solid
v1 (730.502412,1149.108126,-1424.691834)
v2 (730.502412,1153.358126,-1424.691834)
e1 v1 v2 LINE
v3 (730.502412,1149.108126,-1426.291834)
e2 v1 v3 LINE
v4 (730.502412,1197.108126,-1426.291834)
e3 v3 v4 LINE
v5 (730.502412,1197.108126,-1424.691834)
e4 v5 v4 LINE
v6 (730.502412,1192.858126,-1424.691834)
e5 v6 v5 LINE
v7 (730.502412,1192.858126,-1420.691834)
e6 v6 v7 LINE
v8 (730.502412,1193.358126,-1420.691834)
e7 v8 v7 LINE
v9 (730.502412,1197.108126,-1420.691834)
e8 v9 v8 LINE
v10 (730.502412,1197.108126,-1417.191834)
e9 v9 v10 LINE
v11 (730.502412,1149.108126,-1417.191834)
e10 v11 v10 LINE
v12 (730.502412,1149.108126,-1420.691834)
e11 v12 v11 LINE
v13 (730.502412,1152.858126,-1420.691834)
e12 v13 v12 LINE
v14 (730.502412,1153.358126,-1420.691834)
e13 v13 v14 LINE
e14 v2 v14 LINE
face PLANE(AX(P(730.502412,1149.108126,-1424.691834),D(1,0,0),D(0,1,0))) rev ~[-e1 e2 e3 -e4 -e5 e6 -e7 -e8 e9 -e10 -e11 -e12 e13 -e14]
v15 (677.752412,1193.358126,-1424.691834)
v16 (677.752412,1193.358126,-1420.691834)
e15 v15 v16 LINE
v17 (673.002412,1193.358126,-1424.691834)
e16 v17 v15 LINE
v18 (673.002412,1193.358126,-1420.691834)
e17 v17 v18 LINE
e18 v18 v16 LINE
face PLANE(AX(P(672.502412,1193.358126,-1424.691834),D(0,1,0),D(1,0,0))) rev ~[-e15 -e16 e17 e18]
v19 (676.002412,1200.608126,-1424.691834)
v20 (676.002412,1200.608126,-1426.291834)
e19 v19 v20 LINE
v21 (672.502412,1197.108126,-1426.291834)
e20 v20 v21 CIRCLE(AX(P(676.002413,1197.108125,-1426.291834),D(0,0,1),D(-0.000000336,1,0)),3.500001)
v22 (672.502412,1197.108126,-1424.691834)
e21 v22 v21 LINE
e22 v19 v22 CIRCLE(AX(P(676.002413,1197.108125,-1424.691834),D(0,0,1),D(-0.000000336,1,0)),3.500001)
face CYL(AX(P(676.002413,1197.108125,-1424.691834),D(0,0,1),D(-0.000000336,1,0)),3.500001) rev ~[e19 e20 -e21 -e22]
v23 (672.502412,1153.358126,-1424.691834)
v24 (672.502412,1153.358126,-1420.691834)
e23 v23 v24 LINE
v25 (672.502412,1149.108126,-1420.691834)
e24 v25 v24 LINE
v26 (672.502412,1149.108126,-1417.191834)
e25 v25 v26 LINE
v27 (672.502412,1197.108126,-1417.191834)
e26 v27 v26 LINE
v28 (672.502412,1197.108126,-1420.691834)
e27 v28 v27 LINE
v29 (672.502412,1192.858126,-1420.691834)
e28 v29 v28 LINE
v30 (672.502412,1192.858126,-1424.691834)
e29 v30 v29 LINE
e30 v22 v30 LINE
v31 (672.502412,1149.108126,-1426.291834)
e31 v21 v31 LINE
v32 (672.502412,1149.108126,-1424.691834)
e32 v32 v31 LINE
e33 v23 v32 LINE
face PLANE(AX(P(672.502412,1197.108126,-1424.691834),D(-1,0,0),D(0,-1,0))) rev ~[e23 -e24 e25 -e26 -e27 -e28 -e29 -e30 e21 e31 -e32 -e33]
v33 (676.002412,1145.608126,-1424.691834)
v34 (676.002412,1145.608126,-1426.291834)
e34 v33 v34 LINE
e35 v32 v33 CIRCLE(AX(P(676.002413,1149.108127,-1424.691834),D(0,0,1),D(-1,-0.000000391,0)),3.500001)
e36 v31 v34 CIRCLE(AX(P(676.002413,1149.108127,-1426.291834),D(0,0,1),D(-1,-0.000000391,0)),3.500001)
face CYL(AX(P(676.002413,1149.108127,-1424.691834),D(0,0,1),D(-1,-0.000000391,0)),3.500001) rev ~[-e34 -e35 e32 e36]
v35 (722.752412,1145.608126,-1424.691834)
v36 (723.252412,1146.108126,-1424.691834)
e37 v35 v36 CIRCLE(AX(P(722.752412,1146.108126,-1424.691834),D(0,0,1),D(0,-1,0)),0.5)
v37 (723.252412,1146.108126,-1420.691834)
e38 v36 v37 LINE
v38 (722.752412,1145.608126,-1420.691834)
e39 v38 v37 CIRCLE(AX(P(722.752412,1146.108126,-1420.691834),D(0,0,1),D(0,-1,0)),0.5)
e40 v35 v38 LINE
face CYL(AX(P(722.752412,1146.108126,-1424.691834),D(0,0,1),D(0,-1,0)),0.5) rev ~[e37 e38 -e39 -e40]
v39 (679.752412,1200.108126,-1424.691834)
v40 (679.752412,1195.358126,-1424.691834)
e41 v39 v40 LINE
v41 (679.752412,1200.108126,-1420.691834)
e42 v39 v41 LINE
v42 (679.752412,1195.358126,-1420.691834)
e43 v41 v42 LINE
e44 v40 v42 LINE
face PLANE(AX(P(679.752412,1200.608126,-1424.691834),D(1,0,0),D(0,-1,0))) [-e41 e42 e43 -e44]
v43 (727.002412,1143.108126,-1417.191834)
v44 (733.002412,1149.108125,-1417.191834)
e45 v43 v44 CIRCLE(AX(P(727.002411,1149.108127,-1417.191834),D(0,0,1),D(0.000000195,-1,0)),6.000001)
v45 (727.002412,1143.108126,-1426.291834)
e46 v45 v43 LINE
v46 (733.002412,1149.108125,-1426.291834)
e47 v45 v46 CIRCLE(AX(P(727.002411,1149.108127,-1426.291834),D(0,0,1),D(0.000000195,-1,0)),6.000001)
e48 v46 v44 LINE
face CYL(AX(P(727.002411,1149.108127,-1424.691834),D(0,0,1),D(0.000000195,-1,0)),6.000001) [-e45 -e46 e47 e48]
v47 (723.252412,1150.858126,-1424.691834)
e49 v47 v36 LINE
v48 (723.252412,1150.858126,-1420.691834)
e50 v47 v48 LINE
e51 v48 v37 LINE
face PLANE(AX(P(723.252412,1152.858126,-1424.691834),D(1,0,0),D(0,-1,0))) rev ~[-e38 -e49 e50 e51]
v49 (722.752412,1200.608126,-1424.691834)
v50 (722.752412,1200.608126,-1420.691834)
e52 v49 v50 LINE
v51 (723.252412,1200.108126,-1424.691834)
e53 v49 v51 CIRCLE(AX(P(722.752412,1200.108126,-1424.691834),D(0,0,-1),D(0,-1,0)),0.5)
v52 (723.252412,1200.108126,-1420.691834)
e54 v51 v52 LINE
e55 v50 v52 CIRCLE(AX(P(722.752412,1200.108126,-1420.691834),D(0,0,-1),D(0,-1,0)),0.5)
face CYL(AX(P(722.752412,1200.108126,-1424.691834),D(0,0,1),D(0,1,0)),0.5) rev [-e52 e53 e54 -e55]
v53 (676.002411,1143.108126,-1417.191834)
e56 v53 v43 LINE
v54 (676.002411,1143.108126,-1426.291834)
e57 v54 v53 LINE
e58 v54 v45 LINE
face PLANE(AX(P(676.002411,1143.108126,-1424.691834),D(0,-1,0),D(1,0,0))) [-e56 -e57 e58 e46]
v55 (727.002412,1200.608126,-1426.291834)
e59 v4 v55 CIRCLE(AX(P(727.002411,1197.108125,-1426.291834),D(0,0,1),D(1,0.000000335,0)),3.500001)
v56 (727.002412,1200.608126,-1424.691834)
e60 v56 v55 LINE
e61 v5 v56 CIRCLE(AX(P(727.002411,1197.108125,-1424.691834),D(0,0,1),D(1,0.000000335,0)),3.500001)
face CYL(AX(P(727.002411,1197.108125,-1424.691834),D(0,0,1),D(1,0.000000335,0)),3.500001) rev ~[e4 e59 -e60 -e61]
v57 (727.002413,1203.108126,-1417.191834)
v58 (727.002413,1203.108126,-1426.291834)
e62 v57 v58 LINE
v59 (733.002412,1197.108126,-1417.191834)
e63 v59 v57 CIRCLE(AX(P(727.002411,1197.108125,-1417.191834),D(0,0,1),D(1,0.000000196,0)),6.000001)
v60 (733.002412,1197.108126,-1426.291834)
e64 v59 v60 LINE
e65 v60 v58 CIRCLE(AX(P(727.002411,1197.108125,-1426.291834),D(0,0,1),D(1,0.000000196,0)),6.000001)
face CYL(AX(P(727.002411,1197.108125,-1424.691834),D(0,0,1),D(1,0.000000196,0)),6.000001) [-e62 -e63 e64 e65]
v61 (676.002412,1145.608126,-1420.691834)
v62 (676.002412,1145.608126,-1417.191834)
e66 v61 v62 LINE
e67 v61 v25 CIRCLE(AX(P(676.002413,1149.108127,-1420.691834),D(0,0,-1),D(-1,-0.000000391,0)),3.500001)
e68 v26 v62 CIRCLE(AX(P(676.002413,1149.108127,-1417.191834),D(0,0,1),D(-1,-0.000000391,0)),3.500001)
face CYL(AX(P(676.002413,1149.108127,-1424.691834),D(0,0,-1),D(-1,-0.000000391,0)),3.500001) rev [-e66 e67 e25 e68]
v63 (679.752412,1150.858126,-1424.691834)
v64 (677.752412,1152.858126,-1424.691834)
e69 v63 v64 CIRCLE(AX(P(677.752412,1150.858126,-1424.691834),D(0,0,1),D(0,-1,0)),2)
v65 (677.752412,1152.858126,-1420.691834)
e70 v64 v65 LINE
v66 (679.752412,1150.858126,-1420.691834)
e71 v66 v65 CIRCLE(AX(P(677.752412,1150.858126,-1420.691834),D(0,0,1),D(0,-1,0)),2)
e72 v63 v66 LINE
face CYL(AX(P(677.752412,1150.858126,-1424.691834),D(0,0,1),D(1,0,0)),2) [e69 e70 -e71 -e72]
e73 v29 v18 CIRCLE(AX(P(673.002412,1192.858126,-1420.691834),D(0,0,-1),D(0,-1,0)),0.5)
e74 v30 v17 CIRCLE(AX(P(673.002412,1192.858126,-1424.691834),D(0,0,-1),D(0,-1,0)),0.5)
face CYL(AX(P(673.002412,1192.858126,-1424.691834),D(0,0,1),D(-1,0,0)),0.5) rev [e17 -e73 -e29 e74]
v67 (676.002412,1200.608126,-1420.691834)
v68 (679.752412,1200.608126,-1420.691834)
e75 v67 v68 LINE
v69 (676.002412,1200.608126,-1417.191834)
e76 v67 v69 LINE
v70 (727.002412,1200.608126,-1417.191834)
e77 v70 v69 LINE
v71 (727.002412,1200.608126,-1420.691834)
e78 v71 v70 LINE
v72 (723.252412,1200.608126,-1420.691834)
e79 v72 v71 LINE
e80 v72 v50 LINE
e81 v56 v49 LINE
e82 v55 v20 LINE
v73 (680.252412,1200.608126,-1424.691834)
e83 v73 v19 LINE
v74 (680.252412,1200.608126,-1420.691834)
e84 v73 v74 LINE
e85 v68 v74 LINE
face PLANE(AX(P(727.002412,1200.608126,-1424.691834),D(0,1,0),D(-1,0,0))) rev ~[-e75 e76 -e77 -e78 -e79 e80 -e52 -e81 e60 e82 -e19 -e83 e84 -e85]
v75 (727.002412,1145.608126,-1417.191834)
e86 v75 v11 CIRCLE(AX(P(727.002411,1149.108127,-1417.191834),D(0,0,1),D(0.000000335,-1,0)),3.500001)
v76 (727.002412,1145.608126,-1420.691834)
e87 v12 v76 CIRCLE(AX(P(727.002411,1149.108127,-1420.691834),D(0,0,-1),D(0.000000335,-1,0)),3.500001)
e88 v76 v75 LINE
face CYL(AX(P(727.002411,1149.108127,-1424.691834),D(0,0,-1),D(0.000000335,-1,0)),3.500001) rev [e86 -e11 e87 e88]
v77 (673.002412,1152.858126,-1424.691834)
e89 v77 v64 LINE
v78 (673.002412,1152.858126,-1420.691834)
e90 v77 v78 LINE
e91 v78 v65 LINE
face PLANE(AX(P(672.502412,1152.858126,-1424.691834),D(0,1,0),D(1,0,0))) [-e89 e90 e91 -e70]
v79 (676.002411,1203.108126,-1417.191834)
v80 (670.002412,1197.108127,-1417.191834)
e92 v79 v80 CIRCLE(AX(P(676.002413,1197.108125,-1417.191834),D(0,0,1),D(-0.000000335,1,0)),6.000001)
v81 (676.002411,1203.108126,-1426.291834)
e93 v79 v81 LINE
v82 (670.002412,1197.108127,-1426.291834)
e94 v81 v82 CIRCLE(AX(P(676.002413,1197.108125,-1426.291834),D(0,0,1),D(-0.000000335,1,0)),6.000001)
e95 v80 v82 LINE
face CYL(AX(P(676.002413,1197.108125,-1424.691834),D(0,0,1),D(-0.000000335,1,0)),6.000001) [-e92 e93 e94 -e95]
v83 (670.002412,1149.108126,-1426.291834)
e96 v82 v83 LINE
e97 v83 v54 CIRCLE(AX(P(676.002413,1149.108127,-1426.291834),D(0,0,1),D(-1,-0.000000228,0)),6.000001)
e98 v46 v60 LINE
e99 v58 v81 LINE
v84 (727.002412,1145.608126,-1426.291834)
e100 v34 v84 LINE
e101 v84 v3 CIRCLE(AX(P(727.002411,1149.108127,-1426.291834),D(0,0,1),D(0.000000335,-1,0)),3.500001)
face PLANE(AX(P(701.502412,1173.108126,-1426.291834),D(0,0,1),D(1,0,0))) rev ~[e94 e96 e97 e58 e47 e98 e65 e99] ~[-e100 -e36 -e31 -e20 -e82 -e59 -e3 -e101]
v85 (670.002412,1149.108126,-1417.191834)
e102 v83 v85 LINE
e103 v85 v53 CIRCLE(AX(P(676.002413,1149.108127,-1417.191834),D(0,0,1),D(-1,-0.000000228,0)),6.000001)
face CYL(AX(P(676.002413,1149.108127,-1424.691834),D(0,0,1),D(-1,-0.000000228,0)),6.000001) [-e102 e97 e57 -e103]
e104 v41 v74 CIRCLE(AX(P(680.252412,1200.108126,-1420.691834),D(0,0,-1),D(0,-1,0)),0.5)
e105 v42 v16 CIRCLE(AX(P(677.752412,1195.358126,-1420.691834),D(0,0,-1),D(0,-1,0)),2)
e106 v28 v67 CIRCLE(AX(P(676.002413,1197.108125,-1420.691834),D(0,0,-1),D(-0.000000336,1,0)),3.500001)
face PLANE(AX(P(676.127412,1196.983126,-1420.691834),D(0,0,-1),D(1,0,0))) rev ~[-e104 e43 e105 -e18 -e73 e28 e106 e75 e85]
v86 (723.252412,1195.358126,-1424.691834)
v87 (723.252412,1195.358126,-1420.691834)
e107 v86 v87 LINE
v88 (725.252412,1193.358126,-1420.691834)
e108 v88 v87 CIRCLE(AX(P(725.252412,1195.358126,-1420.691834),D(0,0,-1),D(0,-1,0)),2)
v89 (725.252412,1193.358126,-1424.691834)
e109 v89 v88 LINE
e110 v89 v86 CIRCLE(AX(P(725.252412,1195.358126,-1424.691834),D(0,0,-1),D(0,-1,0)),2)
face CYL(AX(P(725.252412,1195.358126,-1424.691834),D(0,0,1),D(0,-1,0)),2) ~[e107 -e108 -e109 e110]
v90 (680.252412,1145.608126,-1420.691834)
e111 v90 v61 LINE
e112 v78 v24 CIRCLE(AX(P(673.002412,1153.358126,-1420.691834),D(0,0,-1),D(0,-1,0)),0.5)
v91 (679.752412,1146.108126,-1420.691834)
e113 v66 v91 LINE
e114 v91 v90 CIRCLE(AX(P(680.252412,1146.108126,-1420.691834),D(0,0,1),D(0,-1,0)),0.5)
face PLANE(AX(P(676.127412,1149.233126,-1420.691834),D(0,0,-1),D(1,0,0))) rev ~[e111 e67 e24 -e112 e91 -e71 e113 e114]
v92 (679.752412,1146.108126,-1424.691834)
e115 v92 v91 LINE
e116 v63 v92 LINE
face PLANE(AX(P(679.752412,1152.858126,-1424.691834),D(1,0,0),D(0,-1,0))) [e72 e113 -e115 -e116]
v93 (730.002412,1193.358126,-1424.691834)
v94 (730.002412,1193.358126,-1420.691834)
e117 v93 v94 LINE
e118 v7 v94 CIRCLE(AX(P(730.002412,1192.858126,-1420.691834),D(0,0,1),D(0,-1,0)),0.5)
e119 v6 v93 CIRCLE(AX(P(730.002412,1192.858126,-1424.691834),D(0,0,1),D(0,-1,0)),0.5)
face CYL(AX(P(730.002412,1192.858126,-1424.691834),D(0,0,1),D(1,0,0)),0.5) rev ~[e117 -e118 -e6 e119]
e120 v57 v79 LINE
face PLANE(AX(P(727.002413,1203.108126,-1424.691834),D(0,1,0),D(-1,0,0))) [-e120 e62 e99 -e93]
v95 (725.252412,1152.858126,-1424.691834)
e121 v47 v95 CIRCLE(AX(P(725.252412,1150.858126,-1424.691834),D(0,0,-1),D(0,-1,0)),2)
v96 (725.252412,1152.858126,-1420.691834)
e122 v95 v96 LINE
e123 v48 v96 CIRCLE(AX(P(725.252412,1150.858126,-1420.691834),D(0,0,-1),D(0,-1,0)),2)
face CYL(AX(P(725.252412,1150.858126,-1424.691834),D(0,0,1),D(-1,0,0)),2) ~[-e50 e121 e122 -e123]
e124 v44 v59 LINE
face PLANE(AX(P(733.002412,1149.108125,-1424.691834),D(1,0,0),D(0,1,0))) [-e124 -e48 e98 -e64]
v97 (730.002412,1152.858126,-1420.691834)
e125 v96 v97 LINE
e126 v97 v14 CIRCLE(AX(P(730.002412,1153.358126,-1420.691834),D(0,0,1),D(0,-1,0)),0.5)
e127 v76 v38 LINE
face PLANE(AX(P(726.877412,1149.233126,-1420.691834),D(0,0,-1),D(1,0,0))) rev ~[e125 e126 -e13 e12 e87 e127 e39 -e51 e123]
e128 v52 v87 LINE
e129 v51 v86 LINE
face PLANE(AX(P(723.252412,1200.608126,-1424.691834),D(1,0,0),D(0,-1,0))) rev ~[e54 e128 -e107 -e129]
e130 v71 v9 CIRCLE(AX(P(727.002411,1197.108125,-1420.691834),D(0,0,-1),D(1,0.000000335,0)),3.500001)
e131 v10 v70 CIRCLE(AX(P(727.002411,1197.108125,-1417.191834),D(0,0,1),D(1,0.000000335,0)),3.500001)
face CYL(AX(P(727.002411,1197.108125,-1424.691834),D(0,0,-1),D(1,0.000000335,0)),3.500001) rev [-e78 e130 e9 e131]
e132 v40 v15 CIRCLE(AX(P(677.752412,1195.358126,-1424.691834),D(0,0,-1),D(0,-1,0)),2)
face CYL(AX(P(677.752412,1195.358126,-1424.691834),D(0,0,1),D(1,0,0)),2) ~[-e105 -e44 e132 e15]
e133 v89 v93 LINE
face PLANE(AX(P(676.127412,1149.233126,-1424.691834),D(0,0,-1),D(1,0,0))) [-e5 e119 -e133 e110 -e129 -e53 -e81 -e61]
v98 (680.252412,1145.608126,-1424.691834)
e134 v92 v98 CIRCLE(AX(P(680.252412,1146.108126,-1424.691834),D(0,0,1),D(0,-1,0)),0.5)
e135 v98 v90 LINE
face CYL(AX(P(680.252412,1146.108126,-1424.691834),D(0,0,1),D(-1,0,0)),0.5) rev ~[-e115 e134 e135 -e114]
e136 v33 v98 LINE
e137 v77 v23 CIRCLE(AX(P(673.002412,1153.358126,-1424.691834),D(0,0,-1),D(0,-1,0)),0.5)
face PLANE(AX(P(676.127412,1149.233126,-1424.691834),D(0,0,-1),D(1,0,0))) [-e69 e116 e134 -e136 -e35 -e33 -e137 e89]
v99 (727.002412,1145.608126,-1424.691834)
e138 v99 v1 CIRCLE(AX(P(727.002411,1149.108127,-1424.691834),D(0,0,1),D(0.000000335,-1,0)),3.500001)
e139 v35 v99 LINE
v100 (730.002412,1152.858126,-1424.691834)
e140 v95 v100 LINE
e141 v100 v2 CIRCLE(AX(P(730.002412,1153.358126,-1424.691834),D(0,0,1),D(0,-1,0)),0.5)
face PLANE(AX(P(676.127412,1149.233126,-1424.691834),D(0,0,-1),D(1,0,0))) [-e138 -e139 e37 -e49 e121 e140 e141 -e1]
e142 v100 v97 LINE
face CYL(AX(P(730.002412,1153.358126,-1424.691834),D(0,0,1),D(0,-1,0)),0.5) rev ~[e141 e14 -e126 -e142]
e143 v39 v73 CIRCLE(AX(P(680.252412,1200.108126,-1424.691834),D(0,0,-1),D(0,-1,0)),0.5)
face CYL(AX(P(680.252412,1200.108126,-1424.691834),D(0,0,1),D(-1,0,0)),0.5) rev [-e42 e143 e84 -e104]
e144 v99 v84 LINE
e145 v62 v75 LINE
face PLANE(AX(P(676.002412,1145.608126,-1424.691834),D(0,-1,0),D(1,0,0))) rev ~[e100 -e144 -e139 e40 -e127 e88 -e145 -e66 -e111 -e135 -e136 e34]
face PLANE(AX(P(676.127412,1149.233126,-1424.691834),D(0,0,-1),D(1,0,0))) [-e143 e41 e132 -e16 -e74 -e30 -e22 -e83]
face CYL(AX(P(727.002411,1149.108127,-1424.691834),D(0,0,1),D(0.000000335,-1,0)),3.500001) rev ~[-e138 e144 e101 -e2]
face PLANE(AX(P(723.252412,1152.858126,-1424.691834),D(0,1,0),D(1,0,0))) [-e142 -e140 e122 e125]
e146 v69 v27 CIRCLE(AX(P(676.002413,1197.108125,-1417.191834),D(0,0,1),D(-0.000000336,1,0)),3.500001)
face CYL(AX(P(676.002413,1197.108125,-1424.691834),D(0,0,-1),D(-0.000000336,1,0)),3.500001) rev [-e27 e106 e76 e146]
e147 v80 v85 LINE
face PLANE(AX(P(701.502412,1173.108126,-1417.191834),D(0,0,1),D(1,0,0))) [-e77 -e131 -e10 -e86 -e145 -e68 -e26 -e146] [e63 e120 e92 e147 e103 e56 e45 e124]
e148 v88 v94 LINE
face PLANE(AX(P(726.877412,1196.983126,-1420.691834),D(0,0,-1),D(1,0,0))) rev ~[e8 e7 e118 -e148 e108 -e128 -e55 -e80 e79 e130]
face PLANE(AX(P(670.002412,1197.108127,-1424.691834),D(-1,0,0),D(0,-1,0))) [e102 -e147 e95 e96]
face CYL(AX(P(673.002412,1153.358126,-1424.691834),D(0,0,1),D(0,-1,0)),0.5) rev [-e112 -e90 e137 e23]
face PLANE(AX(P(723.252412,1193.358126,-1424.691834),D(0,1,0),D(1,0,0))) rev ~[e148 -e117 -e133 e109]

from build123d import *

# Parameters (mm, degrees)
BOSS_EXTRU_1_DEPTH = 7.5
ESQUISSE2_W        = 7.25
ESQUISSE2_H        = 7.25
BOSS_EXTRU_2_DEPTH = 4
CONG_1_R           = 2
CONG_2_R           = 0.5
BOSS_EXTRU_3_START = -1.6
BOSS_EXTRU_3_DEPTH = 1.6


with BuildPart() as part:
    # Esquisse1 → Boss.-Extru.1 (new body)
    with BuildSketch(Plane.XY.offset(-1424.691834437)):
        with BuildLine():
            Line((670.002412047, 1197.108127391), (670.002412047, 1149.108126022))
            ThreePointArc((670.002412047, 1149.108126022), (671.759771358, 1144.86548622), (676.002410874, 1143.108126218))
            Line((676.002410874, 1143.108126218), (727.002412047, 1143.108126218))
            ThreePointArc((727.002412047, 1143.108126218), (731.245051976, 1144.865485459), (733.002412047, 1149.108125045))
            Line((733.002412047, 1149.108125045), (733.002412047, 1197.108126218))
            ThreePointArc((733.002412047, 1197.108126218), (731.245052806, 1201.350766146), (727.00241322, 1203.108126218))
            Line((727.00241322, 1203.108126218), (676.00241121, 1203.108126218))
            ThreePointArc((676.00241121, 1203.108126218), (671.759771822, 1201.35076668), (670.002412047, 1197.108127391))
        make_face()
        with BuildLine():
            Line((676.002411852, 1145.608126218), (727.002412047, 1145.608126218))
            ThreePointArc((727.002412047, 1145.608126218), (729.477285369, 1146.633252758), (730.502412047, 1149.108126022))
            Line((730.502412047, 1149.108126022), (730.502412047, 1197.108126218))
            ThreePointArc((730.502412047, 1197.108126218), (729.477285507, 1199.582999539), (727.002412243, 1200.608126218))
            Line((727.002412243, 1200.608126218), (676.002412047, 1200.608126218))
            ThreePointArc((676.002412047, 1200.608126218), (673.527538726, 1199.582999677), (672.502412047, 1197.108126413))
            Line((672.502412047, 1197.108126413), (672.502412047, 1149.108126022))
            ThreePointArc((672.502412047, 1149.108126022), (673.527538657, 1146.633252827), (676.002411852, 1145.608126218))
        make_face(mode=Mode.SUBTRACT)
    extrude(amount=BOSS_EXTRU_1_DEPTH)

    # Esquisse2 → Boss.-Extru.2 (add)
    with BuildSketch(Plane(origin=(0, 0, -1424.691834437), x_dir=(1, 0, 0), z_dir=(0, 0, -1))):
        with Locations((676.127412047, -1149.233126218)):
            Rectangle(ESQUISSE2_W, ESQUISSE2_H)
        with Locations((726.877412243, -1149.233126218)):
            Rectangle(ESQUISSE2_W, ESQUISSE2_H)
        with Locations((726.877412243, -1196.983126022)):
            Rectangle(ESQUISSE2_W, ESQUISSE2_H)
        with Locations((676.127412047, -1196.983126022)):
            Rectangle(ESQUISSE2_W, ESQUISSE2_H)
    extrude(amount=-BOSS_EXTRU_2_DEPTH)

    # Congé1
    cong_1_edges = [part.edges().sort_by_distance(p)[0] for p in [
        (723.252412243, 1152.858126218, -1422.691834437),
        (723.252412243, 1193.358126022, -1422.691834437),
        (679.752412047, 1193.358126022, -1422.691834437),
        (679.752412047, 1152.858126218, -1422.691834437),
    ]]
    fillet(cong_1_edges, radius=CONG_1_R)

    # Congé2
    cong_2_edges = [part.edges().sort_by_distance(p)[0] for p in [
        (723.252412243, 1145.608126218, -1422.691834437),
        (730.502412243, 1152.858126218, -1422.691834437),
        (723.252412243, 1200.608126022, -1422.691834437),
        (730.502412243, 1193.358126022, -1422.691834437),
        (679.752412047, 1145.608126218, -1422.691834437),
        (672.502412047, 1152.858126218, -1422.691834437),
        (672.502412047, 1193.358126022, -1422.691834437),
        (679.752412047, 1200.608126022, -1422.691834437),
    ]]
    fillet(cong_2_edges, radius=CONG_2_R)

    # Esquisse1<2> → Boss.-Extru.3 (add)
    with BuildSketch(Plane.XY.offset(-1424.691834437).offset(BOSS_EXTRU_3_START)):
        with BuildLine():
            Line((670.002412047, 1197.108127391), (670.002412047, 1149.108126022))
            ThreePointArc((670.002412047, 1149.108126022), (671.759771358, 1144.86548622), (676.002410874, 1143.108126218))
            Line((676.002410874, 1143.108126218), (727.002412047, 1143.108126218))
            ThreePointArc((727.002412047, 1143.108126218), (731.245051976, 1144.865485459), (733.002412047, 1149.108125045))
            Line((733.002412047, 1149.108125045), (733.002412047, 1197.108126218))
            ThreePointArc((733.002412047, 1197.108126218), (731.245052806, 1201.350766146), (727.00241322, 1203.108126218))
            Line((727.00241322, 1203.108126218), (676.00241121, 1203.108126218))
            ThreePointArc((676.00241121, 1203.108126218), (671.759771822, 1201.35076668), (670.002412047, 1197.108127391))
        make_face()
        with BuildLine():
            Line((676.002411852, 1145.608126218), (727.002412047, 1145.608126218))
            ThreePointArc((727.002412047, 1145.608126218), (729.477285369, 1146.633252758), (730.502412047, 1149.108126022))
            Line((730.502412047, 1149.108126022), (730.502412047, 1197.108126218))
            ThreePointArc((730.502412047, 1197.108126218), (729.477285507, 1199.582999539), (727.002412243, 1200.608126218))
            Line((727.002412243, 1200.608126218), (676.002412047, 1200.608126218))
            ThreePointArc((676.002412047, 1200.608126218), (673.527538726, 1199.582999677), (672.502412047, 1197.108126413))
            Line((672.502412047, 1197.108126413), (672.502412047, 1149.108126022))
            ThreePointArc((672.502412047, 1149.108126022), (673.527538657, 1146.633252827), (676.002411852, 1145.608126218))
        make_face(mode=Mode.SUBTRACT)
    extrude(amount=BOSS_EXTRU_3_DEPTH)


solid = part.part
